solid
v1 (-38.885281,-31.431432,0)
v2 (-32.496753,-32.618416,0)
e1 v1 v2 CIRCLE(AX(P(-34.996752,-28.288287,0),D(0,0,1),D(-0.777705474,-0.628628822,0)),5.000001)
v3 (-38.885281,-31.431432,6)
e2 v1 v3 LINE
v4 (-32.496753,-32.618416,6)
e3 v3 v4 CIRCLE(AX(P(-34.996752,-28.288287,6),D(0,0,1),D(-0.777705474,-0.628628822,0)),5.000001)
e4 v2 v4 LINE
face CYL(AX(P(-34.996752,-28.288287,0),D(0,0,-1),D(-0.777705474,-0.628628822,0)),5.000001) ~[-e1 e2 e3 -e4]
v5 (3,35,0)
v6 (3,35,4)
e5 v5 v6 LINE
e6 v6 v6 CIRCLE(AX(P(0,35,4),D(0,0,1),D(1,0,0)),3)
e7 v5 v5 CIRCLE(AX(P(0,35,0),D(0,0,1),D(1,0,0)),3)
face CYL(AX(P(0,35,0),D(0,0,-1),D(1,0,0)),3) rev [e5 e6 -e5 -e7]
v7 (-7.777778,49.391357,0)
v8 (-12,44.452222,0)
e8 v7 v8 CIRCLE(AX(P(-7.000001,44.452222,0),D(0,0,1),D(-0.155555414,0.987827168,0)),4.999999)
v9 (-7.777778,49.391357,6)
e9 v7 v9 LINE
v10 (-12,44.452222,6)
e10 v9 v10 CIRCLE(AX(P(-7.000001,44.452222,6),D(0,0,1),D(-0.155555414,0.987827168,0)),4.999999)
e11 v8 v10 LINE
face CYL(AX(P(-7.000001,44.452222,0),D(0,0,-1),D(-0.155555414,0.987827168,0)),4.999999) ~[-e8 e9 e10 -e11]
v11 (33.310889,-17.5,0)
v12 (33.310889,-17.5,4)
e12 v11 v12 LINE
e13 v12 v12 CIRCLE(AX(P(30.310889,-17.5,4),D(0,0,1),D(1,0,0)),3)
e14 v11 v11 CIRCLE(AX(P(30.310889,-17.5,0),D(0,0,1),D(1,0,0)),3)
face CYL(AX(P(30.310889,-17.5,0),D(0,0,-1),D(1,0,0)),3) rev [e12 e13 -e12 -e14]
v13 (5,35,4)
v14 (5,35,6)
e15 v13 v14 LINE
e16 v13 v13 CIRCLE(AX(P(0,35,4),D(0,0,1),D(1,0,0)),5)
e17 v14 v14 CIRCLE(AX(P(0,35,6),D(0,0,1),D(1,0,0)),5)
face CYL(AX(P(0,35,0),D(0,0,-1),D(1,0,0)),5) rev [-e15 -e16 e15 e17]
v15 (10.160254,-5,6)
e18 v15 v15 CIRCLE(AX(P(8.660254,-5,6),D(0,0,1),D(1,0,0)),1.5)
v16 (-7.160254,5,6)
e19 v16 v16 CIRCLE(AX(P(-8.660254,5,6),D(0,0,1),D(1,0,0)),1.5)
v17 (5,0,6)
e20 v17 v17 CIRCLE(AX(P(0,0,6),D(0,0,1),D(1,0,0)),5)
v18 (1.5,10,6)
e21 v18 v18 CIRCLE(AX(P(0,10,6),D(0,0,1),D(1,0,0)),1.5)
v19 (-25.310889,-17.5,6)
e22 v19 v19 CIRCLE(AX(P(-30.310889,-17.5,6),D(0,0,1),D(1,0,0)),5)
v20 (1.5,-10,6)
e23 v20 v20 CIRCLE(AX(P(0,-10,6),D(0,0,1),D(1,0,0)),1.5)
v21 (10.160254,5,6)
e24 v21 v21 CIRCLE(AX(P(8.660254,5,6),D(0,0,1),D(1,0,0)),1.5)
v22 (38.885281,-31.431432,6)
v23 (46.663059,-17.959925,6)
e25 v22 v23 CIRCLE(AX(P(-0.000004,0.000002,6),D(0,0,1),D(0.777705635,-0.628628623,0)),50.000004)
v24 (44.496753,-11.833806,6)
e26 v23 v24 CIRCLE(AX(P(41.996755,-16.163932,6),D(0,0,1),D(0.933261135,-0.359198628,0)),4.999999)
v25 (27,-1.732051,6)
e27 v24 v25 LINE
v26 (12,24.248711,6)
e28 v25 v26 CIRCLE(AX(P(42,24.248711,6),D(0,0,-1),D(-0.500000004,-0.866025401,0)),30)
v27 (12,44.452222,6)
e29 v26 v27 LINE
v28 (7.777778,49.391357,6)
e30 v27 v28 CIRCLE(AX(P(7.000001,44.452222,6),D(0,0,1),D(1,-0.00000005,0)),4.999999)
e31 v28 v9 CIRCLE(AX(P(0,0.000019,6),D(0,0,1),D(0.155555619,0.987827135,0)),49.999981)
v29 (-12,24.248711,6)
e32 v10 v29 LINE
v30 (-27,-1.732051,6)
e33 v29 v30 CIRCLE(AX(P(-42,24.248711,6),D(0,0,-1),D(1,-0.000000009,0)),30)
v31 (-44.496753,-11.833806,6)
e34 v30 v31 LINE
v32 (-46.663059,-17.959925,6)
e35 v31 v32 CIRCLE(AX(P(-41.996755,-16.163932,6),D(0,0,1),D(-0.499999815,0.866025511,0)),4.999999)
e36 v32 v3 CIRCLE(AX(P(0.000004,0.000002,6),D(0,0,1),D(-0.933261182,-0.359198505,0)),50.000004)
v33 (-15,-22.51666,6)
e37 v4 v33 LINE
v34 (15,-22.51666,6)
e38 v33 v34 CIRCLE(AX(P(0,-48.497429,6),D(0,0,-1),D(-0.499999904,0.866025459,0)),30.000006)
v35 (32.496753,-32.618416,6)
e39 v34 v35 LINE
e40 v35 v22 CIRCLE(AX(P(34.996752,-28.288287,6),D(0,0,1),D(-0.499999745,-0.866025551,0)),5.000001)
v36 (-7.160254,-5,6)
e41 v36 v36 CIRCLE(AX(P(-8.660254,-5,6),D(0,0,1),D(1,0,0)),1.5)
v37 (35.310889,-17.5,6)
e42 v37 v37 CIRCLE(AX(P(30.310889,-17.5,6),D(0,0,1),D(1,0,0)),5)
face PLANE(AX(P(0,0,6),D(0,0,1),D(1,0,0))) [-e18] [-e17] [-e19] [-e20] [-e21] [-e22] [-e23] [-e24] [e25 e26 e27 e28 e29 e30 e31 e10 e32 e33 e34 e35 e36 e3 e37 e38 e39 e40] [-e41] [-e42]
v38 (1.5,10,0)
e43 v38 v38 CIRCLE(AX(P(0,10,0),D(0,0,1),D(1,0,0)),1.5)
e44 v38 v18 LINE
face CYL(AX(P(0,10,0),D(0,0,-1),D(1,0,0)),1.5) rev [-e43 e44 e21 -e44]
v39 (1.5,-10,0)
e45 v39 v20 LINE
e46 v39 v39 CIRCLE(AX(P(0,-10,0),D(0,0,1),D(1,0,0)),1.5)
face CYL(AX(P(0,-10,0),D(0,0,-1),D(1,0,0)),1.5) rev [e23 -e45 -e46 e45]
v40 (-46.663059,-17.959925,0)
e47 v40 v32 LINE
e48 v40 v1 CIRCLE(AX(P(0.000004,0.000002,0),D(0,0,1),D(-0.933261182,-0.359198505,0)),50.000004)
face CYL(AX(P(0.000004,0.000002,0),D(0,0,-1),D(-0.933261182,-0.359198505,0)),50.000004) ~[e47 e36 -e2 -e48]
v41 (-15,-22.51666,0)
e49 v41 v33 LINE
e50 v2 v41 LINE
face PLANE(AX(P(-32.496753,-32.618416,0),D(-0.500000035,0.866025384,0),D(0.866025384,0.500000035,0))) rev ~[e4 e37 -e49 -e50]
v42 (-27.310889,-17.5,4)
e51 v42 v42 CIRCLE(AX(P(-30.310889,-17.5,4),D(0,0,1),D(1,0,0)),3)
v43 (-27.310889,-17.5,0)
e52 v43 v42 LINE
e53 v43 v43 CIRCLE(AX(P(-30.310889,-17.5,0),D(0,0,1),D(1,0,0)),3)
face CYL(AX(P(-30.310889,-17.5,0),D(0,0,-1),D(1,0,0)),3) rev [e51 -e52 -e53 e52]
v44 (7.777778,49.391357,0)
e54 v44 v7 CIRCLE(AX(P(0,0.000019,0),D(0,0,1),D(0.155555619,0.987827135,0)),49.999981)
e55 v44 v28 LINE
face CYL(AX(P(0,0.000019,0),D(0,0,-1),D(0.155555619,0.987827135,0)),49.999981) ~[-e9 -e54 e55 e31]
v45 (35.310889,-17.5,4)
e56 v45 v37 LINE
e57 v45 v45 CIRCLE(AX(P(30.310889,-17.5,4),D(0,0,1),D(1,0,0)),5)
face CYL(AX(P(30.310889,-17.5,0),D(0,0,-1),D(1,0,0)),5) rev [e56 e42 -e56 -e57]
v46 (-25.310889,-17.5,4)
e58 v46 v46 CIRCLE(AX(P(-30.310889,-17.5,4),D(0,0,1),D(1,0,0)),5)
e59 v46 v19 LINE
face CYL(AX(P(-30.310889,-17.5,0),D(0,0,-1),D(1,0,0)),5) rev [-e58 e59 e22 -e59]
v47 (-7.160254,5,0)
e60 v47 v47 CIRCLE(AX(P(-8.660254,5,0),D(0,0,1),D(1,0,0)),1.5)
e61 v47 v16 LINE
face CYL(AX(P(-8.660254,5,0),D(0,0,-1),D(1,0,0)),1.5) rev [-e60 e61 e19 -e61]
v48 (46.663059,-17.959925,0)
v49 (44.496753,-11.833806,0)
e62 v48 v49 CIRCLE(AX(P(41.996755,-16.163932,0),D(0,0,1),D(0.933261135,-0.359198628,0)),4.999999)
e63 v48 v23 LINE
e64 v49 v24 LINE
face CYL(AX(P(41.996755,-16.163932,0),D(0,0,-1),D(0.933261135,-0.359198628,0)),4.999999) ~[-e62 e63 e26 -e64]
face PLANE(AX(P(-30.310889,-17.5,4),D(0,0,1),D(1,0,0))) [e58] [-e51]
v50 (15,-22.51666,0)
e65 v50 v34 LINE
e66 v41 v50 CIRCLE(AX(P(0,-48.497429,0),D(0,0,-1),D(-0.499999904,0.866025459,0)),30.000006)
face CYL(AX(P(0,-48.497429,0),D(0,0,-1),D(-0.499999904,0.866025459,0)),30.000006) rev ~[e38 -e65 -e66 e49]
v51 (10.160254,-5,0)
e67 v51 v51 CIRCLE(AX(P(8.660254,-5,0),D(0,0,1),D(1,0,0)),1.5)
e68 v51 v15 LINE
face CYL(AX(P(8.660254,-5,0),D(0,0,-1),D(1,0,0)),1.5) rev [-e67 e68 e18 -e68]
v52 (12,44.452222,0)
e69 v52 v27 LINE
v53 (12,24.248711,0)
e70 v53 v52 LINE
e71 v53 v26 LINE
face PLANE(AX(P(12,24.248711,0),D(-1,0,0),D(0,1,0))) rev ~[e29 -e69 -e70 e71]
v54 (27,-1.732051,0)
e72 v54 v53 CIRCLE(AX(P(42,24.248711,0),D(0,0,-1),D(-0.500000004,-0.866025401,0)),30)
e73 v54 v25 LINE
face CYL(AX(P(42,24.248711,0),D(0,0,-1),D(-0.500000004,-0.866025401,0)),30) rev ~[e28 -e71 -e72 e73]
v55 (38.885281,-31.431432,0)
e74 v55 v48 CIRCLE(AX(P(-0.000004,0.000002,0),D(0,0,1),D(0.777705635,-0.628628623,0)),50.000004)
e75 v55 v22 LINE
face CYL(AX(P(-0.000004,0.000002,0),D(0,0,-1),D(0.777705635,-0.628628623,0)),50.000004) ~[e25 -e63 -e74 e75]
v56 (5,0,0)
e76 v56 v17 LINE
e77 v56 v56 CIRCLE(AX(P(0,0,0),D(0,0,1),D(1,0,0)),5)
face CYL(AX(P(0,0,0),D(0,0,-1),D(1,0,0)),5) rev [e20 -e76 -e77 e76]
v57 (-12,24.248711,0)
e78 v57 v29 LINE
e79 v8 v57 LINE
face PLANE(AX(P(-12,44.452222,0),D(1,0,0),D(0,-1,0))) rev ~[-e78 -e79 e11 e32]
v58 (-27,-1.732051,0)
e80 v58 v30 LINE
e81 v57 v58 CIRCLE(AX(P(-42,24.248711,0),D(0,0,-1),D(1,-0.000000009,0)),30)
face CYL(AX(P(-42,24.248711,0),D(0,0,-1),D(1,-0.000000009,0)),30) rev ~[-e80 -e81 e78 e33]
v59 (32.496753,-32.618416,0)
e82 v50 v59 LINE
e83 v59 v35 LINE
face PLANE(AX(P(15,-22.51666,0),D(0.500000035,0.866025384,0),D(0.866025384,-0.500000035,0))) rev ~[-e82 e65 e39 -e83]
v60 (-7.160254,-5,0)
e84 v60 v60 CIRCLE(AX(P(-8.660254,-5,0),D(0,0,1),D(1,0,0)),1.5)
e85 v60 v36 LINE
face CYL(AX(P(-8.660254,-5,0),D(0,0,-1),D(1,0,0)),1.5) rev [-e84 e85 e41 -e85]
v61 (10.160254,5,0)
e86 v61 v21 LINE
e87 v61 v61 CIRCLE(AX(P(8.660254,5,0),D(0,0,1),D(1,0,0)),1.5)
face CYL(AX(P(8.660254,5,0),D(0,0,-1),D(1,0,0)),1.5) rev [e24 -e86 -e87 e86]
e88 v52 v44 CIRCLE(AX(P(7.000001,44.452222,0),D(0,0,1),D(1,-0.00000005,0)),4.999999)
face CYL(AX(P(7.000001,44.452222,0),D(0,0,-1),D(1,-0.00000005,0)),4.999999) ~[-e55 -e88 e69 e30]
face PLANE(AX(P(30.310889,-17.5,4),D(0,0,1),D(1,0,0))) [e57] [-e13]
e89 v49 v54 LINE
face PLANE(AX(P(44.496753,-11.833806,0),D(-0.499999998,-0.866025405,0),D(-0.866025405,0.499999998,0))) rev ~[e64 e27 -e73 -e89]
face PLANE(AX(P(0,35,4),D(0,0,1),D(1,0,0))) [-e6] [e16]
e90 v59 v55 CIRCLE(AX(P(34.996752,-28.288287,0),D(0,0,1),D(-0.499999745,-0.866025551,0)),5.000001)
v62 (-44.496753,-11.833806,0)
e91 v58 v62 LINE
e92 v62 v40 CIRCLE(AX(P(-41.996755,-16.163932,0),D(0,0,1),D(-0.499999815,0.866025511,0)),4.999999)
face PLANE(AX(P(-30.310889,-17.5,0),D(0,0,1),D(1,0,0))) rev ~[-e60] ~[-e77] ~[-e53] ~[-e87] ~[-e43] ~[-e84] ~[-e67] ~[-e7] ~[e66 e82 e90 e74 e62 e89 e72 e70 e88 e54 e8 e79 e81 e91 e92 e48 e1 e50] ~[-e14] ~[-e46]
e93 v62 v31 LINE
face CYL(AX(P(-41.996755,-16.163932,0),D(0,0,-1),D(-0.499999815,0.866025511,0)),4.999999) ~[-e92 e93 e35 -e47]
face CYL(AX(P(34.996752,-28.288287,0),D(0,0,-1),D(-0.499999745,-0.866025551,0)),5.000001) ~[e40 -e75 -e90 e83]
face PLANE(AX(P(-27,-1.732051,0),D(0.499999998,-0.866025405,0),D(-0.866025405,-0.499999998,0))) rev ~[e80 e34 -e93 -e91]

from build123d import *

# Parameters (mm, degrees)
F0_R     = 5
F0_R_2   = 1.5
F1_DEPTH = 6
F0_R_3   = 3
F2_DEPTH = 4


with BuildPart() as f1:
    # F0 (on Top) → F1 (new body)
    with BuildSketch(Plane.XY):
        with BuildLine():
            ThreePointArc((-44.496753, -11.833806), (-46.710703, -14.496996), (-46.663059, -17.959925))
            ThreePointArc((-46.663059, -17.959925), (-43.30127, -25), (-38.885281, -31.431432))
            ThreePointArc((-38.885281, -31.431432), (-35.910118, -33.204157), (-32.496753, -32.618416))
            Line((-32.496753, -32.618416), (-15, -22.51666))
            ThreePointArc((-15, -22.51666), (0, -18.497423), (15, -22.51666))
            Line((15, -22.51666), (32.496753, -32.618416))
            ThreePointArc((32.496753, -32.618416), (35.910118, -33.204157), (38.885281, -31.431432))
            ThreePointArc((38.885281, -31.431432), (43.30127, -25), (46.663059, -17.959925))
            ThreePointArc((46.663059, -17.959925), (46.710703, -14.496996), (44.496753, -11.833806))
            Line((44.496753, -11.833806), (27, -1.732051))
            ThreePointArc((27, -1.732051), (16.019238, 9.248711), (12, 24.248711))
            Line((12, 24.248711), (12, 44.452222))
            ThreePointArc((12, 44.452222), (10.800585, 47.701153), (7.777778, 49.391357))
            ThreePointArc((7.777778, 49.391357), (0, 50), (-7.777778, 49.391357))
            ThreePointArc((-7.777778, 49.391357), (-10.800585, 47.701153), (-12, 44.452222))
            Line((-12, 44.452222), (-12, 24.248711))
            ThreePointArc((-12, 24.248711), (-16.019238, 9.248711), (-27, -1.732051))
            Line((-27, -1.732051), (-44.496753, -11.833806))
        make_face()
        with Locations((-30.310889, -17.5)):
            Circle(F0_R, mode=Mode.SUBTRACT)
        with Locations((-8.660254, -5)):
            Circle(F0_R_2, mode=Mode.SUBTRACT)
        with Locations((-8.660254, 5)):
            Circle(F0_R_2, mode=Mode.SUBTRACT)
        with Locations((30.310889, -17.5)):
            Circle(F0_R, mode=Mode.SUBTRACT)
        with Locations((0, -10)):
            Circle(F0_R_2, mode=Mode.SUBTRACT)
        with Locations((8.660254, -5)):
            Circle(F0_R_2, mode=Mode.SUBTRACT)
        Circle(F0_R, mode=Mode.SUBTRACT)
        with Locations((8.660254, 5)):
            Circle(F0_R_2, mode=Mode.SUBTRACT)
        with Locations((0, 10)):
            Circle(F0_R_2, mode=Mode.SUBTRACT)
        with Locations((0, 35)):
            Circle(F0_R, mode=Mode.SUBTRACT)
    extrude(amount=F1_DEPTH)

    # F0 (on Top) → F2 (join)
    with BuildSketch(Plane.XY):
        with Locations((-30.310889, -17.5)):
            Circle(F0_R)
        with Locations((-30.310889, -17.5)):
            Circle(F0_R_3, mode=Mode.SUBTRACT)
        with Locations((0, 35)):
            Circle(F0_R)
        with Locations((0, 35)):
            Circle(F0_R_3, mode=Mode.SUBTRACT)
        with Locations((30.310889, -17.5)):
            Circle(F0_R)
        with Locations((30.310889, -17.5)):
            Circle(F0_R_3, mode=Mode.SUBTRACT)
    extrude(amount=F2_DEPTH)


solid = f1.part
